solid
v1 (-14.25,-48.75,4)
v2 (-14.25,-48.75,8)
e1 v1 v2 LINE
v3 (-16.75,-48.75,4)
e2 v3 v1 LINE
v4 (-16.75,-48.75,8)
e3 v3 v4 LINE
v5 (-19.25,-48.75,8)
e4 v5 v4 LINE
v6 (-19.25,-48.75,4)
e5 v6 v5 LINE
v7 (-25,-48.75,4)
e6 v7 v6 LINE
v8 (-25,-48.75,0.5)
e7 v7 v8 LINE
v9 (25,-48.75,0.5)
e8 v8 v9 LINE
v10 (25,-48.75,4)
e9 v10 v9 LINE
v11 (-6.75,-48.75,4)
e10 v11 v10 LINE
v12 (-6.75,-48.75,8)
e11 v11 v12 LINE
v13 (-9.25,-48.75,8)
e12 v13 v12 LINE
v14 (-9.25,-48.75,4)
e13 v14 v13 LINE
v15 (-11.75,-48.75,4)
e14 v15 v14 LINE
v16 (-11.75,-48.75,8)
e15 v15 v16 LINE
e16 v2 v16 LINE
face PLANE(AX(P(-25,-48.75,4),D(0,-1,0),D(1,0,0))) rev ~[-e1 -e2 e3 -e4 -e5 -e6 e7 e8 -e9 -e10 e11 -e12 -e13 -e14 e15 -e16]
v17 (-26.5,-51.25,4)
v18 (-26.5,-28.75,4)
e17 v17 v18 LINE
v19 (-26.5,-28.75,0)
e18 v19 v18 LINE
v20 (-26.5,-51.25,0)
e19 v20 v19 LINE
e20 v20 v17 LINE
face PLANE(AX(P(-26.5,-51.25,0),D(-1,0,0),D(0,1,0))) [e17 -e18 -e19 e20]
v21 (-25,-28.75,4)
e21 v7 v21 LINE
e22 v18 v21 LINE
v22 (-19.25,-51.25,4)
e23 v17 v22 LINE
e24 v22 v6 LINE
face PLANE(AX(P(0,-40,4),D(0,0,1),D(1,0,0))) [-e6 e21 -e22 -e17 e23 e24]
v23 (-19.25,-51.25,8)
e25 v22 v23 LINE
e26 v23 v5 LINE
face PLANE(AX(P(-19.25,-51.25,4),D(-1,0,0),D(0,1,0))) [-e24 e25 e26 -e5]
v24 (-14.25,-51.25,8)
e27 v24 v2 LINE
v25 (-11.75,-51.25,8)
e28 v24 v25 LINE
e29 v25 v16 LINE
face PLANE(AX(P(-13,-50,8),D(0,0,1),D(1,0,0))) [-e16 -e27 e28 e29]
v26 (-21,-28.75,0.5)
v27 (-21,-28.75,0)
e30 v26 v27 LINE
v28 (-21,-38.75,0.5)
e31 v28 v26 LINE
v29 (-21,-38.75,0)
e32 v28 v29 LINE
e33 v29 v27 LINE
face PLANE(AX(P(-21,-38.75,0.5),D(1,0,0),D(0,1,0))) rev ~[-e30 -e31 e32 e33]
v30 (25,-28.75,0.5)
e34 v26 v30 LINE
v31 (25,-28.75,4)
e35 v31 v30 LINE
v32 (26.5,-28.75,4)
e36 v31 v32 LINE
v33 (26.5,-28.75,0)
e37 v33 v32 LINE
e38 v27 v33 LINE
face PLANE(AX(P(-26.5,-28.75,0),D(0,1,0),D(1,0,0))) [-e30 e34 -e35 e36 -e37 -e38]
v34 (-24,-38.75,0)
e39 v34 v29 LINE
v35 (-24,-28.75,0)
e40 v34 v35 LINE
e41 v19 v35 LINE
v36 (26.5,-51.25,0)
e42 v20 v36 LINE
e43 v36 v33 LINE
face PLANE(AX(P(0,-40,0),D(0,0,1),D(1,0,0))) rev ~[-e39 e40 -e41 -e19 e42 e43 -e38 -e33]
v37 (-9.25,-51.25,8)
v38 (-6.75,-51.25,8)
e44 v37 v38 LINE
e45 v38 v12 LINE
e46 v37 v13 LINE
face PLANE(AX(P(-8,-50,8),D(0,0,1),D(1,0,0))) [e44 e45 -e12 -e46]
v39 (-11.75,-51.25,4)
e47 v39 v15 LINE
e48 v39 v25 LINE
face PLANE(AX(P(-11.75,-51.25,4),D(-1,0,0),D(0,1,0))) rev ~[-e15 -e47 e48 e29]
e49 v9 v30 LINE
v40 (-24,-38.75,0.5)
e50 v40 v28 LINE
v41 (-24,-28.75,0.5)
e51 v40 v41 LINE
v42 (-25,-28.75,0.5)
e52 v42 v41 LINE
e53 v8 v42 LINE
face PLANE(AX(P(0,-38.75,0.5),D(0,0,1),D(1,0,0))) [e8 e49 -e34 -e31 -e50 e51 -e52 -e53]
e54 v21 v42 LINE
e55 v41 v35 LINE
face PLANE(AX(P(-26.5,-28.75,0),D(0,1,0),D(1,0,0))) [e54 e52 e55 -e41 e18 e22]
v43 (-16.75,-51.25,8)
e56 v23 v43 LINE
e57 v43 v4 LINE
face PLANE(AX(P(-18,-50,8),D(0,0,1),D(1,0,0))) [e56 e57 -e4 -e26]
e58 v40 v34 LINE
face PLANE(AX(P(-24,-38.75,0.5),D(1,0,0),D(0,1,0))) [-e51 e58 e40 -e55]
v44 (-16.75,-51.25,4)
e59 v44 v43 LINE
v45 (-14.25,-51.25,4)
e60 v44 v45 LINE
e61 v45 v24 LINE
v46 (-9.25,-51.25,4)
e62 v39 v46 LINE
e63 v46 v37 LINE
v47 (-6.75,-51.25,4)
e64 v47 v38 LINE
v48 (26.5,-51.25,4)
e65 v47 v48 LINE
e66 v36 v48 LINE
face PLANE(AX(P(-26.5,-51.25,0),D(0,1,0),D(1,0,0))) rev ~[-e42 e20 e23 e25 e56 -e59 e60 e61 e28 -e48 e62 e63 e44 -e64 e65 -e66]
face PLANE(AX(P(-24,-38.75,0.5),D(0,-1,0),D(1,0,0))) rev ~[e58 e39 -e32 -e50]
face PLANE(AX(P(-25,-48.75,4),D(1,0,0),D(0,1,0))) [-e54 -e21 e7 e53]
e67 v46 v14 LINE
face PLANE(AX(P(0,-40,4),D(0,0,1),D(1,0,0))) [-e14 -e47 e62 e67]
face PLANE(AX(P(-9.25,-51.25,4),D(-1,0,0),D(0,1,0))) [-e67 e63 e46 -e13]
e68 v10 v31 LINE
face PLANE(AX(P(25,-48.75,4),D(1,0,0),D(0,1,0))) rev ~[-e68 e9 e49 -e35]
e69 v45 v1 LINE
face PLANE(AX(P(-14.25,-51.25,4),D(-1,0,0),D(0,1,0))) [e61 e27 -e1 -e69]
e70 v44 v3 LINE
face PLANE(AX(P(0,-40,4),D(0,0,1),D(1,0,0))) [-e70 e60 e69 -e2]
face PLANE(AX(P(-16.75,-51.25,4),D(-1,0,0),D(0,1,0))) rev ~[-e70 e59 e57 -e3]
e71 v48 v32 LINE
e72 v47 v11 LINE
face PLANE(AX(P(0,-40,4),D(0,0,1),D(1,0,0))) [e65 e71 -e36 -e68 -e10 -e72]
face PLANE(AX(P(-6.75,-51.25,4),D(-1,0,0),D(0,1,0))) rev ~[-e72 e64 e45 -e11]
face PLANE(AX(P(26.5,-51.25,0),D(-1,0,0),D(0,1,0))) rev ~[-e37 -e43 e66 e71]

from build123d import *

# Parameters (mm, degrees)
SKETCH010_W     = 53
SKETCH010_H     = 22.5
PAD006_DEPTH    = 4
SKETCH011_W     = 50
SKETCH011_H     = 20
POCKET004_DEPTH = 3.5
SKETCH012_W     = 2.5
SKETCH012_H     = 2.5
PAD007_DEPTH    = 4
SKETCH016_W     = 3
SKETCH016_H     = 10
POCKET006_DEPTH = 0.501


with BuildPart() as part:
    # Sketch010 → Pad006 (new body)
    with BuildSketch(Plane.XY):
        Rectangle(SKETCH010_W, SKETCH010_H)
    extrude(amount=PAD006_DEPTH)

    # Sketch011 (on Face6 of Pad006) → Pocket004 (cut)
    with BuildSketch(Plane.XY.offset(4)):
        with Locations((0, 1.25)):
            Rectangle(SKETCH011_W, SKETCH011_H)
    extrude(amount=-POCKET004_DEPTH, mode=Mode.SUBTRACT)

    # Sketch012 (on Face4 of Pocket004) → Pad007 (join)
    with BuildSketch(Plane.XY.offset(4)):
        with Locations((-18, -10)):
            Rectangle(SKETCH012_W, SKETCH012_H)
        with Locations((-13, -10)):
            Rectangle(SKETCH012_W, SKETCH012_H)
        with Locations((-8, -10)):
            Rectangle(SKETCH012_W, SKETCH012_H)
    extrude(amount=PAD007_DEPTH)

    # Sketch016 (on Face6 of Pad007) → Pocket006 (cut, through all)
    with BuildSketch(Plane.XY.offset(0.5)):
        with Locations((-22.5, 6.25)):
            Rectangle(SKETCH016_W, SKETCH016_H)
    extrude(amount=-POCKET006_DEPTH, mode=Mode.SUBTRACT)


with BuildPart() as part_1:
    # Body003 placement: moved
    add(part.part.moved(Location((0, -40, 0))))


solid = part_1.part
